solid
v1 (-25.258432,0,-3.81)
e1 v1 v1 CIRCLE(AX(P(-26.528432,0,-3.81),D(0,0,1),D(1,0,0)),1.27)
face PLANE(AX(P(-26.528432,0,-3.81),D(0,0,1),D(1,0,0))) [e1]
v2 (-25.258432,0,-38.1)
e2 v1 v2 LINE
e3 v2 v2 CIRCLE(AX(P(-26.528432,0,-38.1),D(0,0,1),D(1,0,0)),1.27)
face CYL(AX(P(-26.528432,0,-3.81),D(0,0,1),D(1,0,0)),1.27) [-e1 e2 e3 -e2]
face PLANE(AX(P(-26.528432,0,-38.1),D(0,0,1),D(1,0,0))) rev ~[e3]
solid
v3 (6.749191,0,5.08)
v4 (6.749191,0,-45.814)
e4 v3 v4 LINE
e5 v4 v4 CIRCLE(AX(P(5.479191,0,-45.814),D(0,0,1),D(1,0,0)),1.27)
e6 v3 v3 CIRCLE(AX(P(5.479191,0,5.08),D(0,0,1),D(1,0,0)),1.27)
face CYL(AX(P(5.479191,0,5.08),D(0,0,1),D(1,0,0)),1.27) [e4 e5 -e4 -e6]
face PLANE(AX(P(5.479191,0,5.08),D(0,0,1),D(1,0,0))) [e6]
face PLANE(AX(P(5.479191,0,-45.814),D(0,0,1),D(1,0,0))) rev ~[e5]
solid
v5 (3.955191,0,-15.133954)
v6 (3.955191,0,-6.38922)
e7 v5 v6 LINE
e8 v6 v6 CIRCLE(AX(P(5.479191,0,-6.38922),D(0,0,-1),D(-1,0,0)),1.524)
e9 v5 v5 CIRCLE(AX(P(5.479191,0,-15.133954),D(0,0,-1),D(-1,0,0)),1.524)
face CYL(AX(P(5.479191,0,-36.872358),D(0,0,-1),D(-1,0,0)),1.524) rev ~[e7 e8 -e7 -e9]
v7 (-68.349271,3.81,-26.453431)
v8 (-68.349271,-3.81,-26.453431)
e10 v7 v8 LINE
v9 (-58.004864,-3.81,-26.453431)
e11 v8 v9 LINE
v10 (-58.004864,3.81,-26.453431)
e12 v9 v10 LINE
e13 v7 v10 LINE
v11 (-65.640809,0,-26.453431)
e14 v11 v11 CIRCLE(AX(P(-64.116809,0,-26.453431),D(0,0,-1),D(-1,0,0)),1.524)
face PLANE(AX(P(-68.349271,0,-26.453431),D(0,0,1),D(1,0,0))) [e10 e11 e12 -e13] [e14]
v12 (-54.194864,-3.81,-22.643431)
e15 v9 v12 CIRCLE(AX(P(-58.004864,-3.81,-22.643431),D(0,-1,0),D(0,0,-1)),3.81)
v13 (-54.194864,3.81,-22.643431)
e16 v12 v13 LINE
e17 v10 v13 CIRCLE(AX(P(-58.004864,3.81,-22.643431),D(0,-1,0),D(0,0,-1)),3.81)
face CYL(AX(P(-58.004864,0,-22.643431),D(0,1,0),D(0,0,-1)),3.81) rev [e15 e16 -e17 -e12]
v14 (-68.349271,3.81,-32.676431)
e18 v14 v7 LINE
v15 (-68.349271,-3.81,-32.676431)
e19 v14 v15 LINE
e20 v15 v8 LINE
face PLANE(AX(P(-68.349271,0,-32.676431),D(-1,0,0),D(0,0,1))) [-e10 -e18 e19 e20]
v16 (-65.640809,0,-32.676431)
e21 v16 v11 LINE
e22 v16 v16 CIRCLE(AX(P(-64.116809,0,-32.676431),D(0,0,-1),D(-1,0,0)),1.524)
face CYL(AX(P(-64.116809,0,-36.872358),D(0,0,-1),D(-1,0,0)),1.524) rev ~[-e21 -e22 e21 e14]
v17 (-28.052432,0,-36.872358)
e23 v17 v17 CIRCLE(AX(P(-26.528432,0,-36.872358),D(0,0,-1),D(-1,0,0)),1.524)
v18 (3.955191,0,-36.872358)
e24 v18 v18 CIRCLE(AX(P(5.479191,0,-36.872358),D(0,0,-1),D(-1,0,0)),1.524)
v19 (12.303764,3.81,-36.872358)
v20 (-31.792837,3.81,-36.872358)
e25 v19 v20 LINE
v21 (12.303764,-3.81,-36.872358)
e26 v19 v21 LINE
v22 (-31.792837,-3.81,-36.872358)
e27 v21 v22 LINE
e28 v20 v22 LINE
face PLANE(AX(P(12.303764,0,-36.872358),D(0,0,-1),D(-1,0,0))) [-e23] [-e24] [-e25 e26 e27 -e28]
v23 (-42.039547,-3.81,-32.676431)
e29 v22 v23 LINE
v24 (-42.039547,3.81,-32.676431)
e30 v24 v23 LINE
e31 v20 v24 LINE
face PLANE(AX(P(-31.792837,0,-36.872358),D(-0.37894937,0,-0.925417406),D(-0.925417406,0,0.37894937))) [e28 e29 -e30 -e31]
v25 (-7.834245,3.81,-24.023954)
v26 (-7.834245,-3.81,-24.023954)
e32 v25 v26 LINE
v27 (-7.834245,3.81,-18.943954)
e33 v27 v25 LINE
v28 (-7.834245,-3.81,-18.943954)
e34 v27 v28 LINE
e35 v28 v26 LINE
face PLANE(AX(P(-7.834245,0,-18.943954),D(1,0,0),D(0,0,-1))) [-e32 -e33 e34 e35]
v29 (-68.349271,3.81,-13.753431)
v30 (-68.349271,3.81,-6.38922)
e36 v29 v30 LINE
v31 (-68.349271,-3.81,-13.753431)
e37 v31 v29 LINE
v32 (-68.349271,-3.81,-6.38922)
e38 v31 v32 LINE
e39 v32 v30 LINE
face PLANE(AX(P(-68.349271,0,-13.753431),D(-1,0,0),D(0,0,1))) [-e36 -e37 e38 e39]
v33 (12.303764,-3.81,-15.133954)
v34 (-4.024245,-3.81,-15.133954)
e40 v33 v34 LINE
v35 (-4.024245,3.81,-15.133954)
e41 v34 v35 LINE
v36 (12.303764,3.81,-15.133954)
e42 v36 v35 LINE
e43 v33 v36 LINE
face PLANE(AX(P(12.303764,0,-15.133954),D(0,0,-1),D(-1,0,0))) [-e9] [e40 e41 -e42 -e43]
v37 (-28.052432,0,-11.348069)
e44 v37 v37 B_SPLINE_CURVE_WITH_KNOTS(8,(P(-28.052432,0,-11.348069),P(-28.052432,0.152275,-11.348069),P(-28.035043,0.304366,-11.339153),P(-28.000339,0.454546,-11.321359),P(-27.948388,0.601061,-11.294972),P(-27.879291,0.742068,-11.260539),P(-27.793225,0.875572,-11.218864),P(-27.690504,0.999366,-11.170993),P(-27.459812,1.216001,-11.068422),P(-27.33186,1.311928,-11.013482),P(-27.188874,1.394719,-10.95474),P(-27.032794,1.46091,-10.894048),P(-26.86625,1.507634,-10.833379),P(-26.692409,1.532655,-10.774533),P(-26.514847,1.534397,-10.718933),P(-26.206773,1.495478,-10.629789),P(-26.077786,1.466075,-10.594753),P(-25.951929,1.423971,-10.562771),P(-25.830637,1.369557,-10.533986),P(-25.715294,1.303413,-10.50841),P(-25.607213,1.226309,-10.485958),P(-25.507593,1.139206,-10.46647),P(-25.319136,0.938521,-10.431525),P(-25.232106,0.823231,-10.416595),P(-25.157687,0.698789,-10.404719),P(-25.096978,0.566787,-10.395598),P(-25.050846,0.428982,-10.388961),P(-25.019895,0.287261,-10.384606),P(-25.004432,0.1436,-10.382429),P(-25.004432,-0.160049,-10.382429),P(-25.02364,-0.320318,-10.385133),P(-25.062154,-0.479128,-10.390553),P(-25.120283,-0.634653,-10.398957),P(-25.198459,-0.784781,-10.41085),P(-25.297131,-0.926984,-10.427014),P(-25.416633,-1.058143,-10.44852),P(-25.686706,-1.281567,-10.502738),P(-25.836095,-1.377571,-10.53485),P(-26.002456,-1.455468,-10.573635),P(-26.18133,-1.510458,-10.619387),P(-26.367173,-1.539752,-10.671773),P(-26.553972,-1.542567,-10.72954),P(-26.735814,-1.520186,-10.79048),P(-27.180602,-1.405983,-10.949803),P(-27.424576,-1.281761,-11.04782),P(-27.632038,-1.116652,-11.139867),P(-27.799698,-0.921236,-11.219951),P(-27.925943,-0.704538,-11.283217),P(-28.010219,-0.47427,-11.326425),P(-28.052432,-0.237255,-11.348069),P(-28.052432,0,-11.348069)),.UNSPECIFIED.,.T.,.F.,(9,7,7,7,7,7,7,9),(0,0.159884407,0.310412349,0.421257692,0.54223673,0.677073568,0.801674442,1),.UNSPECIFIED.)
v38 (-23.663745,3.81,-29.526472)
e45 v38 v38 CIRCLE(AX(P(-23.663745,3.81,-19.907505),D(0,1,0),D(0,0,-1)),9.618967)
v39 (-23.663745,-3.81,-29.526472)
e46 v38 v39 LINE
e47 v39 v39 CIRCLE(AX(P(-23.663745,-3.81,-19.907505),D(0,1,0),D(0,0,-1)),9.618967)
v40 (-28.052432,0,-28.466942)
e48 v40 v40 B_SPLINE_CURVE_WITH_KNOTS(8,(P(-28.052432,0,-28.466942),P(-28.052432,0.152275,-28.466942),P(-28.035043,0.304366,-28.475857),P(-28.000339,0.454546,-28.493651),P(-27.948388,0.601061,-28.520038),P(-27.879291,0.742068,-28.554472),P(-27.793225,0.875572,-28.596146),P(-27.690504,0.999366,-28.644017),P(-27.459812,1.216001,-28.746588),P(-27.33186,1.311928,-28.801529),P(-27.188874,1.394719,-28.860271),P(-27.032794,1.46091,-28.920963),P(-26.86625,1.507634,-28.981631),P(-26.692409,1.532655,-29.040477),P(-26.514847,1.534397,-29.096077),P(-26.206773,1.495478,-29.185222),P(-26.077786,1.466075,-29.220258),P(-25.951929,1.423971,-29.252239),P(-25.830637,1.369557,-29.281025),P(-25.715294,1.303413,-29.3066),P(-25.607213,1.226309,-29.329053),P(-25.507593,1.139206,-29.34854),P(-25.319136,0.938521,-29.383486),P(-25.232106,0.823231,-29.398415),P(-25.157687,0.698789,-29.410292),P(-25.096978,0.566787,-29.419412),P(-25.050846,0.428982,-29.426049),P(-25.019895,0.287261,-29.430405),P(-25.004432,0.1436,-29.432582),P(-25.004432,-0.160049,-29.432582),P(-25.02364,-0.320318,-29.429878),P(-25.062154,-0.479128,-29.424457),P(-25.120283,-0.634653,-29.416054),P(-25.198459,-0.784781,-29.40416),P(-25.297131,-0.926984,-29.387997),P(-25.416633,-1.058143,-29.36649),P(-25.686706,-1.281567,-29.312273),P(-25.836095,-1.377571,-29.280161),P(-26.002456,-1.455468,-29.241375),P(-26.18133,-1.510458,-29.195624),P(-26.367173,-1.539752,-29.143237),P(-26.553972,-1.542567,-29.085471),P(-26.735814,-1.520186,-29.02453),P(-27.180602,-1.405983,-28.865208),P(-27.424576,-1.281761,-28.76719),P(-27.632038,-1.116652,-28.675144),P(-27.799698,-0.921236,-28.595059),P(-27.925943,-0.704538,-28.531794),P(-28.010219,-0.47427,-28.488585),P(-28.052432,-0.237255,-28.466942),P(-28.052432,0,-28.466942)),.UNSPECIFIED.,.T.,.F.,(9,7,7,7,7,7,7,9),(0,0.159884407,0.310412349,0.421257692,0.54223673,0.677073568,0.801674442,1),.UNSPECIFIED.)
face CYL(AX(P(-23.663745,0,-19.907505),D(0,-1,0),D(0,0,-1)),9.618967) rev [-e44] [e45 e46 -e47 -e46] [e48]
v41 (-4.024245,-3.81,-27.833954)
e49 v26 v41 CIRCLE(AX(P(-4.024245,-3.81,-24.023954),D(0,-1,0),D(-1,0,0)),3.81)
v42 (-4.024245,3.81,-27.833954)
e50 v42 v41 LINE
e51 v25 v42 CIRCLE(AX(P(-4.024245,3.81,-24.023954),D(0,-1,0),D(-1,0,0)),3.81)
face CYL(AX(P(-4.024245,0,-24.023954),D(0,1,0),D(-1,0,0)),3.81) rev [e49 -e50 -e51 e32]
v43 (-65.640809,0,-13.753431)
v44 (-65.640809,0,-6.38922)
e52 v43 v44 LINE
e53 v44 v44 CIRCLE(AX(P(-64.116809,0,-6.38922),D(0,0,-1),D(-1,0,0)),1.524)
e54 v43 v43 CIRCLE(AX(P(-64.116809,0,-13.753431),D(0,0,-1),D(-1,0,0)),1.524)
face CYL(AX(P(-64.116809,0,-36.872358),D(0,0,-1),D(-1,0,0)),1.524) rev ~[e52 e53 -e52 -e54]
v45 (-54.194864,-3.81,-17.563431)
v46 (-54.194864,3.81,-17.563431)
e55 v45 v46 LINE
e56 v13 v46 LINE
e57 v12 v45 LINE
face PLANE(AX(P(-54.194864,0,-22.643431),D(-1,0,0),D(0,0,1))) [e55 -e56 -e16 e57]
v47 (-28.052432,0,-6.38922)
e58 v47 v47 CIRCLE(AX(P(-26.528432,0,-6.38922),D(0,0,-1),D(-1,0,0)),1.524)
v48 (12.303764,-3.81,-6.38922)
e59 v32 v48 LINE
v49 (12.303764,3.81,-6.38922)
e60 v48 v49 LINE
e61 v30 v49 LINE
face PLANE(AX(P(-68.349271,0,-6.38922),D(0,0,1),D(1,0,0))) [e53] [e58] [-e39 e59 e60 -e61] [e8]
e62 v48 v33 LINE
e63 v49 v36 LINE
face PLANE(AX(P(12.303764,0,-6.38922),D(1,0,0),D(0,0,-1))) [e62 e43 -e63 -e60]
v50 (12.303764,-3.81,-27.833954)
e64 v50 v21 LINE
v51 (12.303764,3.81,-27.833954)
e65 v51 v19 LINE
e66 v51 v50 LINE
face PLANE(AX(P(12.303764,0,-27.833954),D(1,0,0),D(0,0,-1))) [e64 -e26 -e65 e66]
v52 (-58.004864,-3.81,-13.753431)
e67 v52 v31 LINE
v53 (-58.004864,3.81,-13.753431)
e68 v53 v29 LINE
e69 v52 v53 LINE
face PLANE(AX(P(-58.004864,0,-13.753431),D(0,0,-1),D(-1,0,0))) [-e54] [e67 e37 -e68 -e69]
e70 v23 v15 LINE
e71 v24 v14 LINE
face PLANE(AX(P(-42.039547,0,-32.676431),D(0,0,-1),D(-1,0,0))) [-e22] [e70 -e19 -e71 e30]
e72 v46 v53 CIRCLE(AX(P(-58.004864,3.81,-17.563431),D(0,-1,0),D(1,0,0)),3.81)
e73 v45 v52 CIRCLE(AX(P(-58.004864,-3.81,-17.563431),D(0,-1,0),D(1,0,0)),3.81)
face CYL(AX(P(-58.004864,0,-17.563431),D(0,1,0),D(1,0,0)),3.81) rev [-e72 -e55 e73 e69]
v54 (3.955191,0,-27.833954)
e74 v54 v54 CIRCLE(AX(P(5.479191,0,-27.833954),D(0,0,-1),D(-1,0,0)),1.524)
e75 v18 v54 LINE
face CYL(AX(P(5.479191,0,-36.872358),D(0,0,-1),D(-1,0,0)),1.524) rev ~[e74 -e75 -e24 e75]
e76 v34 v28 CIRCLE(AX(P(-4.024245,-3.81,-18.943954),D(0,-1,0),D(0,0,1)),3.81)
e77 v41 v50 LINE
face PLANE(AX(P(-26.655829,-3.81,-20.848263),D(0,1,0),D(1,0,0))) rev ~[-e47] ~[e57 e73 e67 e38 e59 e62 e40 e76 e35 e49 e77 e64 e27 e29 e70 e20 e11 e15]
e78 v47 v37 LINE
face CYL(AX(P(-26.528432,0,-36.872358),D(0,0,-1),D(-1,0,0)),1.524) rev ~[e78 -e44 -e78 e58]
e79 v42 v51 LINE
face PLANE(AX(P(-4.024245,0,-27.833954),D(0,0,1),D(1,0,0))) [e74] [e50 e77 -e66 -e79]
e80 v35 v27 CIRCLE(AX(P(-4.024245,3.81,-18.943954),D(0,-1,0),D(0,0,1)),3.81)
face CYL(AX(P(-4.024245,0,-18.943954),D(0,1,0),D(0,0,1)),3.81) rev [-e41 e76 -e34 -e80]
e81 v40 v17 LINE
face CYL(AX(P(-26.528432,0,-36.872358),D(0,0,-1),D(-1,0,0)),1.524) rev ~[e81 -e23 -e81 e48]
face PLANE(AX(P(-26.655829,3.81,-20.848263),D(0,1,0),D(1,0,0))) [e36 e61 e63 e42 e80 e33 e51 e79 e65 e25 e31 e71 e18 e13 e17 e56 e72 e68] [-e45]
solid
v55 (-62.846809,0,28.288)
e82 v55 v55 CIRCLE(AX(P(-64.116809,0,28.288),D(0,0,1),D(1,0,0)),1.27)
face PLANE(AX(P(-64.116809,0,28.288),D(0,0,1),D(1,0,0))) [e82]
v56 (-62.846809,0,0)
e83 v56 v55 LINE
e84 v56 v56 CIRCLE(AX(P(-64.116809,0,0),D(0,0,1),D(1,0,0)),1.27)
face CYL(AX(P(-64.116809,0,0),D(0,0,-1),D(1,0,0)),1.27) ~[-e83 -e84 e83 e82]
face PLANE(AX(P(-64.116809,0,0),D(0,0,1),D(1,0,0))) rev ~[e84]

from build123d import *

# Parameters (mm, degrees)
SKETCH21_R         = 9.618966791
EXTRUDE1_DEPTH     = 3.81
SKETCH22_R         = 1.524
CUT_EXTRUDE1_DEPTH = 91.7575
EXTRUDE2_START     = -3.81
SKETCH24_R         = 1.27
EXTRUDE2_DEPTH     = 34.29
SKETCH24_3_R       = 1.27
EXTRUDE3_DEPTH     = 28.288
EXTRUDE4_START     = 5.08
SKETCH24_4_R       = 1.27
EXTRUDE4_DEPTH     = 50.894


with BuildPart() as part:
    # Sketch21 → Extrude1 (new, symmetric)
    with BuildSketch(Plane(origin=(0, 0, 0), x_dir=(1, 0, 0), z_dir=(0, 1, 0))):
        with BuildLine():
            Line((-68.34927062, 26.453430618), (-58.004863859, 26.453430618))
            ThreePointArc((-58.004863859, 26.453430618), (-55.310787023, 25.337507455), (-54.194863859, 22.643430618))
            Line((-54.194863859, 22.643430618), (-54.194863859, 17.563430618))
            ThreePointArc((-54.194863859, 17.563430618), (-55.310787023, 14.869353782), (-58.004863859, 13.753430618))
            Line((-58.004863859, 13.753430618), (-68.34927062, 13.753430618))
            Line((-68.34927062, 13.753430618), (-68.34927062, 6.389220304))
            Line((-68.34927062, 6.389220304), (12.303763798, 6.389220304))
            Line((12.303763798, 6.389220304), (12.303763798, 15.133953501))
            Line((12.303763798, 15.133953501), (-4.02424507, 15.133953501))
            ThreePointArc((-4.02424507, 15.133953501), (-6.718321906, 16.249876665), (-7.83424507, 18.943953501))
            Line((-7.83424507, 18.943953501), (-7.83424507, 24.023953501))
            ThreePointArc((-7.83424507, 24.023953501), (-6.718321906, 26.718030338), (-4.02424507, 27.833953501))
            Line((-4.02424507, 27.833953501), (12.303763798, 27.833953501))
            Line((12.303763798, 27.833953501), (12.303763798, 36.872358218))
            Line((12.303763798, 36.872358218), (-31.792837082, 36.872358218))
            Line((-31.792837082, 36.872358218), (-42.039547436, 32.676430618))
            Line((-42.039547436, 32.676430618), (-68.34927062, 32.676430618))
            Line((-68.34927062, 32.676430618), (-68.34927062, 26.453430618))
        make_face()
        with Locations((-23.6637447, 19.907505249)):
            Circle(SKETCH21_R, mode=Mode.SUBTRACT)
    extrude(amount=EXTRUDE1_DEPTH, both=True)

    # Sketch22 → Cut-Extrude1 (cut, symmetric)
    with BuildSketch(Plane(origin=(0, 0, -36.872358218), x_dir=(-1, 0, 0), z_dir=(0, 0, -1))):
        with Locations((-5.47919097, 0)):
            Circle(SKETCH22_R)
        with Locations((64.11680903, 0)):
            Circle(SKETCH22_R)
        with Locations((26.528431516, 0)):
            Circle(SKETCH22_R)
    extrude(amount=CUT_EXTRUDE1_DEPTH, both=True, mode=Mode.SUBTRACT)


with BuildPart() as body_2:
    # Sketch24 → Extrude2 (new body)
    with BuildSketch(Plane.XY.offset(EXTRUDE2_START)):
        with Locations((-26.528431516, 0)):
            Circle(SKETCH24_R)
    extrude(amount=-EXTRUDE2_DEPTH)


with BuildPart() as body_3:
    # Sketch24<3> → Extrude3 (new body)
    with BuildSketch(Plane.XY):
        with Locations((-64.11680903, 0)):
            Circle(SKETCH24_3_R)
    extrude(amount=EXTRUDE3_DEPTH)


with BuildPart() as body_4:
    # Sketch24<4> → Extrude4 (new body)
    with BuildSketch(Plane.XY.offset(EXTRUDE4_START)):
        with Locations((5.47919097, 0)):
            Circle(SKETCH24_4_R)
    extrude(amount=-EXTRUDE4_DEPTH)


solid = Compound([part.part, body_2.part, body_3.part, body_4.part])
